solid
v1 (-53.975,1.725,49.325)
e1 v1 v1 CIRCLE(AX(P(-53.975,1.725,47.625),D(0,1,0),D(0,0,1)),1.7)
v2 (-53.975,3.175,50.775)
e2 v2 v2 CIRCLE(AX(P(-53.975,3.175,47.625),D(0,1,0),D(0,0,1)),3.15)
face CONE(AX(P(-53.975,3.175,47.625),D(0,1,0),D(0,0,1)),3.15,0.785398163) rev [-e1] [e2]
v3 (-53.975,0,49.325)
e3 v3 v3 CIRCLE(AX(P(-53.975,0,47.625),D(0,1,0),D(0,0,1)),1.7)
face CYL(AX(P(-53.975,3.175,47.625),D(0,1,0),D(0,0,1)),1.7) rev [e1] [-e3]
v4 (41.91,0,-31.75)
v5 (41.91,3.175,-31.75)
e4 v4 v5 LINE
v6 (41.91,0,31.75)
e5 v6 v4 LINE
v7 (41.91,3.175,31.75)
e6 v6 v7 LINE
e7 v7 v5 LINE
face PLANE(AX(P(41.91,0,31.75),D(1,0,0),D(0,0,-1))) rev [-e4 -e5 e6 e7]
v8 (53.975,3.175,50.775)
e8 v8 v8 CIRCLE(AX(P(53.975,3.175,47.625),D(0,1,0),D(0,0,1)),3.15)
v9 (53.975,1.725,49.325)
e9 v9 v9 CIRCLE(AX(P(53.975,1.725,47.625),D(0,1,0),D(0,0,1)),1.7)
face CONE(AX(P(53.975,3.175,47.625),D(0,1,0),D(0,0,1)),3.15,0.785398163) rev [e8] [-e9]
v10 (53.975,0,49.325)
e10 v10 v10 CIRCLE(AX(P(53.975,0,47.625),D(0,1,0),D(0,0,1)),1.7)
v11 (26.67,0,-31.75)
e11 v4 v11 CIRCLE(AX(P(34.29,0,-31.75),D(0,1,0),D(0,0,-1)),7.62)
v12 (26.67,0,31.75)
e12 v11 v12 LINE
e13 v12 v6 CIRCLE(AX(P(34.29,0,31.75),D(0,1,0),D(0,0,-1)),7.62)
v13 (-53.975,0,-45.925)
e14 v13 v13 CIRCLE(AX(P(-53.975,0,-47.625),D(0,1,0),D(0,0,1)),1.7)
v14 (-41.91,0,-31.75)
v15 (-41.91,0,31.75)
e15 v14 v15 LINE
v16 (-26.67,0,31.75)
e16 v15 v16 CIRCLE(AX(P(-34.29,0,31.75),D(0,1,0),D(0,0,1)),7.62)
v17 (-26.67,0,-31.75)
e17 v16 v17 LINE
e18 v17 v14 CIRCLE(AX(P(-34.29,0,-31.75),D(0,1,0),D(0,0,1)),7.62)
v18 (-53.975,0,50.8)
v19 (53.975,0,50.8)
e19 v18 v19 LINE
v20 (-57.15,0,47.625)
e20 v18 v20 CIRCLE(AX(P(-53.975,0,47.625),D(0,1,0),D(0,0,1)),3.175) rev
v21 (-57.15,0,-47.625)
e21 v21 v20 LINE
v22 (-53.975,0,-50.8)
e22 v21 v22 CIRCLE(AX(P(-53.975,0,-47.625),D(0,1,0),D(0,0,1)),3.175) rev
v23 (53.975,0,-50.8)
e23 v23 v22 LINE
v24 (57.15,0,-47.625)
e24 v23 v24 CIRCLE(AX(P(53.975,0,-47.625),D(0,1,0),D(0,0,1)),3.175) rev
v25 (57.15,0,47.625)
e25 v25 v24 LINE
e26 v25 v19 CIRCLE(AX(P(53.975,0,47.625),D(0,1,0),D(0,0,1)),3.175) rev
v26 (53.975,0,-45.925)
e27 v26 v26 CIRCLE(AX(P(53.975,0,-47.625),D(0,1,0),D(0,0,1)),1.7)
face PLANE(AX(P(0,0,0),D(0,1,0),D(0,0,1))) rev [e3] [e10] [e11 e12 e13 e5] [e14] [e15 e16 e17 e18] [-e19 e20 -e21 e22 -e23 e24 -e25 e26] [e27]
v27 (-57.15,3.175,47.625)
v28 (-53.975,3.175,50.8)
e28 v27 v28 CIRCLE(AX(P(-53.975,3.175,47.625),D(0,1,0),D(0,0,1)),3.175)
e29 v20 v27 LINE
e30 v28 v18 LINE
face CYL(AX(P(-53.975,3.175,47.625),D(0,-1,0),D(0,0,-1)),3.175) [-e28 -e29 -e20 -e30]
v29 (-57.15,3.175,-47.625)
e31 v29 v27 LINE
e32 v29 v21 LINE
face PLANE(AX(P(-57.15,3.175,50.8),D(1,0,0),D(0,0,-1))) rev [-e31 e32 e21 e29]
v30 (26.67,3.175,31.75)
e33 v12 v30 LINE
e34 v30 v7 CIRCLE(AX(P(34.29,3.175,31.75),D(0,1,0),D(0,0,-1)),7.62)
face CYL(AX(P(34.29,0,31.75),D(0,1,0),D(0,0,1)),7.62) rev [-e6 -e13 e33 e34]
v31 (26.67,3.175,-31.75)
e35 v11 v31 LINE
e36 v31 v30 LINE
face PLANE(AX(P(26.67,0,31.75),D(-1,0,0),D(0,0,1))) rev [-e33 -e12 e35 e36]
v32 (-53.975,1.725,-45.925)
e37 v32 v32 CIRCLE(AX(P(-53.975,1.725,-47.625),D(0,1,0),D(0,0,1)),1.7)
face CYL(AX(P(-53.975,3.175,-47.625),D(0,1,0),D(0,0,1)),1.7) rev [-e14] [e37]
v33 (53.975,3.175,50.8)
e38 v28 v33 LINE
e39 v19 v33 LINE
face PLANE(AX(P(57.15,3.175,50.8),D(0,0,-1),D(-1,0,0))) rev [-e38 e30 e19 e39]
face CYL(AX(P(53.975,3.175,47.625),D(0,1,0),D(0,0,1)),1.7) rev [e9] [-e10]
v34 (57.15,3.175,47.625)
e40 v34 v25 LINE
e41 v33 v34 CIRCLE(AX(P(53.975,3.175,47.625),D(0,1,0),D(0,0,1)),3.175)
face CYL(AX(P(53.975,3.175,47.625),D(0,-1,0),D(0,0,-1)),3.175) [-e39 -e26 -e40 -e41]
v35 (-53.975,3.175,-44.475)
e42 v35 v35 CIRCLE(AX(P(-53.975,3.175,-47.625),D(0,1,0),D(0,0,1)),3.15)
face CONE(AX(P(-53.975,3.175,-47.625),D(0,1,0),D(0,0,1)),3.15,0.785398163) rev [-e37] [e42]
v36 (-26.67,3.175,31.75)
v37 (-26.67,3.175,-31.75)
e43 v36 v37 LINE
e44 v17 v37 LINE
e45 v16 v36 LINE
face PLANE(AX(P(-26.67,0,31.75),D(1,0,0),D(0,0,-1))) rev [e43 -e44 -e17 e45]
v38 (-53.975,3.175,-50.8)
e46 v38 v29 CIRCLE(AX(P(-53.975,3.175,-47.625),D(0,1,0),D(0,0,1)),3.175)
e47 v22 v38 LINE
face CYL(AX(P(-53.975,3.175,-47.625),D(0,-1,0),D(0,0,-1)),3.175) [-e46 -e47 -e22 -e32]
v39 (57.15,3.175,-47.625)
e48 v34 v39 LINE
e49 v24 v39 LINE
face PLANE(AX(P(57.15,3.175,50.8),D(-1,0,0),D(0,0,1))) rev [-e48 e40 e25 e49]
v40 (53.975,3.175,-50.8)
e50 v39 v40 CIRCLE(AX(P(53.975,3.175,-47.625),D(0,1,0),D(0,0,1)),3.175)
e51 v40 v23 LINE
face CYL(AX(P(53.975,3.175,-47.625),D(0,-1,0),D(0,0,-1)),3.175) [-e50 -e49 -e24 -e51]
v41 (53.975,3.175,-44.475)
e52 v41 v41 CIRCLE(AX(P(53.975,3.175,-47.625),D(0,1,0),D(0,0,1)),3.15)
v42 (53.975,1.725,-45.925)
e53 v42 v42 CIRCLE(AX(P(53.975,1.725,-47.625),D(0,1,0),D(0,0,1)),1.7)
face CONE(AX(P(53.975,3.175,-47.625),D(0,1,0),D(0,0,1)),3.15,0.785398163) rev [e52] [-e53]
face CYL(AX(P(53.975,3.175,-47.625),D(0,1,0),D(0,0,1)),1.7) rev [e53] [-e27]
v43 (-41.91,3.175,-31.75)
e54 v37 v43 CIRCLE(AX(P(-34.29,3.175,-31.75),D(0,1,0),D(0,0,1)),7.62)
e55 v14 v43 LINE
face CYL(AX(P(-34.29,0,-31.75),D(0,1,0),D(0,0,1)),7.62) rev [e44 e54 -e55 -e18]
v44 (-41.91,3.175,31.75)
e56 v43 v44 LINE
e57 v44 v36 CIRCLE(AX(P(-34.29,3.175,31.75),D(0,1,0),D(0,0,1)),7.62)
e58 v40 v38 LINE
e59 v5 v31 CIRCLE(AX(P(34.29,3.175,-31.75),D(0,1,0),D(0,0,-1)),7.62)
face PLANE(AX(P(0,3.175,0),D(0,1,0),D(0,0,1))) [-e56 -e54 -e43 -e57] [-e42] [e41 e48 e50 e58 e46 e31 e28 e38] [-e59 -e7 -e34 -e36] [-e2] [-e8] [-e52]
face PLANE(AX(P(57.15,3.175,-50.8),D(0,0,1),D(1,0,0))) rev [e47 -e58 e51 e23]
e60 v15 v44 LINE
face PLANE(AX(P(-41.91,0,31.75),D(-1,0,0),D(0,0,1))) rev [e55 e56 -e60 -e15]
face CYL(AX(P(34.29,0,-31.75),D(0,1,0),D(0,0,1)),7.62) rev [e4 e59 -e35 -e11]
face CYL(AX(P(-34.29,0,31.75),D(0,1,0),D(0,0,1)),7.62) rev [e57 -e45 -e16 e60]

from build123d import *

# Parameters (mm, degrees)
SKETCH1_W                                       = 114.3
SKETCH1_H                                       = 101.6
BOSS_EXTRUDE1_DEPTH                             = 3.175
FILLET1_R                                       = 3.175
CSK_FOR_M3_FLAT_HEAD_MACHINE_SCREW1_D           = 3.4
CSK_FOR_M3_FLAT_HEAD_MACHINE_SCREW1_DEPTH       = 7.874
CSK_FOR_M3_FLAT_HEAD_MACHINE_SCREW1_CSINK_D     = 6.3
CSK_FOR_M3_FLAT_HEAD_MACHINE_SCREW1_CSINK_ANGLE = 90
CSK_FOR_M3_FLAT_HEAD_MACHINE_SCREW1_TIP         = 1.021463052
CUT_EXTRUDE1_DEPTH                              = 77.530014537


with BuildPart() as part:
    # Sketch1 → Boss-Extrude1 (new body)
    with BuildSketch(Plane(origin=(0, 0, 0), x_dir=(1, 0, 0), z_dir=(0, 1, 0))):
        Rectangle(SKETCH1_W, SKETCH1_H)
    extrude(amount=BOSS_EXTRUDE1_DEPTH)

    # Fillet1
    fillet1_edges = [part.edges().sort_by_distance(p)[0] for p in [
        (-57.15, 1.5875, -50.8),
        (57.15, 1.5875, -50.8),
        (57.15, 1.5875, 50.8),
        (-57.15, 1.5875, 50.8),
    ]]
    fillet(fillet1_edges, radius=FILLET1_R)

    # CSK for M3 Flat Head Machine Screw1
    with Locations(Plane(origin=(0, 3.175, 0), x_dir=(1, 0, 0), z_dir=(0, 1, 0))):
        with Locations((53.975, -47.625), (53.975, 47.625), (-53.975, 47.625), (-53.975, -47.625)):
            CounterSinkHole(CSK_FOR_M3_FLAT_HEAD_MACHINE_SCREW1_D / 2, CSK_FOR_M3_FLAT_HEAD_MACHINE_SCREW1_CSINK_D / 2, depth=CSK_FOR_M3_FLAT_HEAD_MACHINE_SCREW1_DEPTH, counter_sink_angle=CSK_FOR_M3_FLAT_HEAD_MACHINE_SCREW1_CSINK_ANGLE)
            with Locations((0, 0, -(CSK_FOR_M3_FLAT_HEAD_MACHINE_SCREW1_DEPTH + CSK_FOR_M3_FLAT_HEAD_MACHINE_SCREW1_TIP / 2))):  # 118° drill point
                Cone(0, CSK_FOR_M3_FLAT_HEAD_MACHINE_SCREW1_D / 2, CSK_FOR_M3_FLAT_HEAD_MACHINE_SCREW1_TIP, mode=Mode.SUBTRACT)

    # Sketch4 → Cut-Extrude1 (cut, through all)
    with BuildSketch(Plane(origin=(0, 3.175, 0), x_dir=(1, 0, 0), z_dir=(0, 1, 0))):
        with BuildLine():
            Line((-41.91, -31.75), (-41.91, 31.75))
            ThreePointArc((-41.91, 31.75), (-34.29, 39.37), (-26.67, 31.75))
            Line((-26.67, 31.75), (-26.67, -31.75))
            ThreePointArc((-26.67, -31.75), (-34.29, -39.37), (-41.91, -31.75))
        make_face()
        with BuildLine():
            Line((41.91, -31.75), (41.91, 31.75))
            ThreePointArc((41.91, 31.75), (34.29, 39.37), (26.67, 31.75))
            Line((26.67, 31.75), (26.67, -31.75))
            ThreePointArc((26.67, -31.75), (34.29, -39.37), (41.91, -31.75))
        make_face()
    extrude(amount=-CUT_EXTRUDE1_DEPTH, mode=Mode.SUBTRACT)


solid = part.part
